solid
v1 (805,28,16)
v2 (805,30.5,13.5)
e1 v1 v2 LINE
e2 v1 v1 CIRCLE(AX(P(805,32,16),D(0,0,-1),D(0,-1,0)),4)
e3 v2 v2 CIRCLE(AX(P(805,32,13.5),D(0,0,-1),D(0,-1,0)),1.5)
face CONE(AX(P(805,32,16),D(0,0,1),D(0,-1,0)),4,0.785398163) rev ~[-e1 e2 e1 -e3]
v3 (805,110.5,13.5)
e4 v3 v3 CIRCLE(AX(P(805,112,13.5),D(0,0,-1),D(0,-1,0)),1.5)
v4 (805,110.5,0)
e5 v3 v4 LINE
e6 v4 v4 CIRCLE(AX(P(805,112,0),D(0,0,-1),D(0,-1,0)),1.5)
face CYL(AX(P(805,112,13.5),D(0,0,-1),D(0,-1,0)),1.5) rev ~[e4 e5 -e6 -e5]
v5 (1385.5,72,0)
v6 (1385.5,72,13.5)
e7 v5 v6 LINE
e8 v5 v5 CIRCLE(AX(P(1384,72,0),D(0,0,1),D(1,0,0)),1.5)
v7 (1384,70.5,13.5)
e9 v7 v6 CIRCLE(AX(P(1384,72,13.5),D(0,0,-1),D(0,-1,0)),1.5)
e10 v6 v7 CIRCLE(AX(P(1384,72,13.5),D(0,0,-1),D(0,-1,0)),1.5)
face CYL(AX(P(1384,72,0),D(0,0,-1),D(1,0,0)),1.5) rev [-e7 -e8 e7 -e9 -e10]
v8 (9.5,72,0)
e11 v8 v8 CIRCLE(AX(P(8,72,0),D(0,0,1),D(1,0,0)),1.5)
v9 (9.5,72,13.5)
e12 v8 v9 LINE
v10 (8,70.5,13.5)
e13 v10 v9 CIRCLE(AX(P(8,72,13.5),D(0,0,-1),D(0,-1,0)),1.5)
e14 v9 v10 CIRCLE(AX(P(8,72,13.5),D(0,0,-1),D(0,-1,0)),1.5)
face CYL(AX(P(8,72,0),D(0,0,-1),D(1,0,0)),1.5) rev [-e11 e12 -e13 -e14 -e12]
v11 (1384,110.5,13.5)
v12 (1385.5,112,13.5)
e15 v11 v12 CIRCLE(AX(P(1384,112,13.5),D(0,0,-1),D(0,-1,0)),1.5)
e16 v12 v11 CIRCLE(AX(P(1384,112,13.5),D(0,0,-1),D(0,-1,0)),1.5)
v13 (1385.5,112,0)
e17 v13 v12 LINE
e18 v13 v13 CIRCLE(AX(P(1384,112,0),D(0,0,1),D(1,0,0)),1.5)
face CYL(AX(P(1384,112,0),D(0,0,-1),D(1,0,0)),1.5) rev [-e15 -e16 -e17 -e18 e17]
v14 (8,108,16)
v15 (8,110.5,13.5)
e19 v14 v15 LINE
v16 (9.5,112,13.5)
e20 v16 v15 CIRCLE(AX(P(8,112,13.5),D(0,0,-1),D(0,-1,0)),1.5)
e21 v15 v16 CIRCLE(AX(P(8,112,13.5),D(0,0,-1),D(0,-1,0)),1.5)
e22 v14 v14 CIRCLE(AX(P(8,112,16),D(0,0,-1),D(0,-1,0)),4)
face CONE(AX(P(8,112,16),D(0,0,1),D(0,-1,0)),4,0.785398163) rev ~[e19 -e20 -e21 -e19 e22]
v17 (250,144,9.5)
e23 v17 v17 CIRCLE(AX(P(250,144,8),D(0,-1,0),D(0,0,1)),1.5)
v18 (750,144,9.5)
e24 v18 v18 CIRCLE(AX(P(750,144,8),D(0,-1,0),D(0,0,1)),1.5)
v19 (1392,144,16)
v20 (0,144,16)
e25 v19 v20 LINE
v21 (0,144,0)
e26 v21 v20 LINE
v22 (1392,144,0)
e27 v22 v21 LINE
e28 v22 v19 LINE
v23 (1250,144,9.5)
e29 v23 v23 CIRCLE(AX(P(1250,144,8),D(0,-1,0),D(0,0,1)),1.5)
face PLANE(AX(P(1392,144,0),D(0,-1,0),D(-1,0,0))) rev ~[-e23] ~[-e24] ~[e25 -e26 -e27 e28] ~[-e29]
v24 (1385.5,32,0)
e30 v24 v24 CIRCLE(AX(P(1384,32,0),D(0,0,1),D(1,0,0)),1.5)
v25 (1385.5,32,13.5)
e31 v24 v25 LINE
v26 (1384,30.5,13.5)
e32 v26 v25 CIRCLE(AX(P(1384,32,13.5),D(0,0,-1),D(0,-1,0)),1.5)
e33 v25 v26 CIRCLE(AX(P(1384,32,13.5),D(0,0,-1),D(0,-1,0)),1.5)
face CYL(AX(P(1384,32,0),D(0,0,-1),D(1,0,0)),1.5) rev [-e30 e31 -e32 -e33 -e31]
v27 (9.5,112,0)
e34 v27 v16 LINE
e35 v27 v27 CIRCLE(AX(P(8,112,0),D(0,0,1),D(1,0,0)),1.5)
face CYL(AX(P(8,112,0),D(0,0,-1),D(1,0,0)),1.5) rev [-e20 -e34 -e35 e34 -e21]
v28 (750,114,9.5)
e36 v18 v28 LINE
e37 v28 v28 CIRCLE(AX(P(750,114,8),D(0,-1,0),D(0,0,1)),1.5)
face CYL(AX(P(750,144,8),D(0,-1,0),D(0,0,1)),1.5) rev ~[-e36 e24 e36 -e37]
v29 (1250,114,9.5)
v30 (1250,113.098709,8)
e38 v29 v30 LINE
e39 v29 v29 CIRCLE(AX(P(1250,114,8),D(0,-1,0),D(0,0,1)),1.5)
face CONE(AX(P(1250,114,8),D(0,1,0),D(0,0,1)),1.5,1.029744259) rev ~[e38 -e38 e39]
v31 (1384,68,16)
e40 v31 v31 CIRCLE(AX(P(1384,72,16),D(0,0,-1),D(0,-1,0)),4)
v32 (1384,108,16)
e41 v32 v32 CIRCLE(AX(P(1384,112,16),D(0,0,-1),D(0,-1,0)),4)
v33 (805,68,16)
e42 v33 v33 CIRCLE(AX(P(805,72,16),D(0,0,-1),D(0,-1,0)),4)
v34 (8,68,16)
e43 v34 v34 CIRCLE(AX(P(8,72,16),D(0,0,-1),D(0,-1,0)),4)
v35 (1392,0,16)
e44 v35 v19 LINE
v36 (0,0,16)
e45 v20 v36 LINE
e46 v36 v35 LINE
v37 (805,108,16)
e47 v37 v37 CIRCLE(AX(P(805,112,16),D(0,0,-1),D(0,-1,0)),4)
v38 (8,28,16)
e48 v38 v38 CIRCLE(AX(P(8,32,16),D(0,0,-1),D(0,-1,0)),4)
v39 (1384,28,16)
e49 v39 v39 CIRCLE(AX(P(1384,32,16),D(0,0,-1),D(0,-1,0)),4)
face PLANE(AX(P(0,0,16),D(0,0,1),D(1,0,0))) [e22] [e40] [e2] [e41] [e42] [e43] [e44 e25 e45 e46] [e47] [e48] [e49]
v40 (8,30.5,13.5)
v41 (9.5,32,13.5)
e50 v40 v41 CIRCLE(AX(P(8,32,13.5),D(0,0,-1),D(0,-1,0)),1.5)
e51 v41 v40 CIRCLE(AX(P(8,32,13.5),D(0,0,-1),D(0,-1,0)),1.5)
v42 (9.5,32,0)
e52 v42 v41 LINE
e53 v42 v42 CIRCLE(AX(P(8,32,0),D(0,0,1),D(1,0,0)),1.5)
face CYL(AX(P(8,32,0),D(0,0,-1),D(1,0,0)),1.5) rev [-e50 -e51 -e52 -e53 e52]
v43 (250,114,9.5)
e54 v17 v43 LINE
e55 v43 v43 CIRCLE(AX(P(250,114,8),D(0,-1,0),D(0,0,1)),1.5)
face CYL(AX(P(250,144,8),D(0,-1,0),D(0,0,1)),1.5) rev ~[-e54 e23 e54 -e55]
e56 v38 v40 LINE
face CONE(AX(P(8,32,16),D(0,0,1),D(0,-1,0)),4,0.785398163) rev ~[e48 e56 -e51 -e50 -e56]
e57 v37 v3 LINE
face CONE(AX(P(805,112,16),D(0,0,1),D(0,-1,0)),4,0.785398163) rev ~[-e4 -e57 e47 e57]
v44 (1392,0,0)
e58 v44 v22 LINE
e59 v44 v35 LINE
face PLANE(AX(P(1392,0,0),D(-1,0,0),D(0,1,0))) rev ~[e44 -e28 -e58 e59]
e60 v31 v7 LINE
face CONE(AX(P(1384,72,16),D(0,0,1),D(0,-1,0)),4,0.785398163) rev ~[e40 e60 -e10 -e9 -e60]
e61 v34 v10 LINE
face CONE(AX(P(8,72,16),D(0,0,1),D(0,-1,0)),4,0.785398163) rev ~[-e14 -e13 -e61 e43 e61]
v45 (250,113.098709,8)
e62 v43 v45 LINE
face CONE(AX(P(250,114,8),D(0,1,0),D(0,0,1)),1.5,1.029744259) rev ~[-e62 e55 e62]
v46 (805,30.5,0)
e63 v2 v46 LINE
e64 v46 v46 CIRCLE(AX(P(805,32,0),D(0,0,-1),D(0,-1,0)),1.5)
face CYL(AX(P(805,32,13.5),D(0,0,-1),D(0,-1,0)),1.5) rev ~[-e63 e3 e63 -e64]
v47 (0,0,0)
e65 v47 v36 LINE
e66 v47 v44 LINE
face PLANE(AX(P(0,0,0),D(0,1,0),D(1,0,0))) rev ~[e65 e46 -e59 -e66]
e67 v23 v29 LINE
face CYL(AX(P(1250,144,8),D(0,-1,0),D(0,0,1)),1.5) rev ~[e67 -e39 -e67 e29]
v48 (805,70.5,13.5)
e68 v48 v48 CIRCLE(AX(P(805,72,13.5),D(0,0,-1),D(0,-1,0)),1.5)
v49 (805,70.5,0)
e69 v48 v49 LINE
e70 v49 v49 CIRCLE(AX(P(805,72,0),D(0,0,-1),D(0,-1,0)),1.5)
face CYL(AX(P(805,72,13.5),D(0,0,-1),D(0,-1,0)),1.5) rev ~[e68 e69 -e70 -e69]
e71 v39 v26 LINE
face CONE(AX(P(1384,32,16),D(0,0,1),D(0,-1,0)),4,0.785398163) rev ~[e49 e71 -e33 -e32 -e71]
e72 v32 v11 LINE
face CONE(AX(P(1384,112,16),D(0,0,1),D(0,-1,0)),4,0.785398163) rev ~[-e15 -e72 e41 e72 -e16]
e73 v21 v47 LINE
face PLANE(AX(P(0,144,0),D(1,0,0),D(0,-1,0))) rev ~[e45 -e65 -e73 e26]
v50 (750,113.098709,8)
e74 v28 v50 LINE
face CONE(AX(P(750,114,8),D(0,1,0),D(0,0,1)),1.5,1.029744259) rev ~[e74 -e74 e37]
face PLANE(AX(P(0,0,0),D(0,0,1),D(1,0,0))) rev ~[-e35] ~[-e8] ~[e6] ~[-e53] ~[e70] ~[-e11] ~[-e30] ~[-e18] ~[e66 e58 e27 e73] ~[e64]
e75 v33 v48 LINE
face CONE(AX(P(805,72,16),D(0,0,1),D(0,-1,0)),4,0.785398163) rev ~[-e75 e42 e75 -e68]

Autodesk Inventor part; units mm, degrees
ref_plane "YZ Plane" through (0, 0, 0) normal (1, 0, 0) x (0, 1, 0)
ref_plane "XZ Plane" through (0, 0, 0) normal (0, 1, 0) x (-1, 0, 0)
ref_plane "XY Plane" through (0, 0, 0) normal (0, 0, 1) x (1, 0, 0)
sketch "Skizze1" plane through (0, 0, 0) normal (0, 0, 1) x (1, 0, 0)
  line L0 (0, 0) -> (1392, 0)
  line L1 (1392, 0) -> (1392, 144)
  line L2 (1392, 144) -> (0, 144)
  line L3 (0, 144) -> (0, 0)
  line L4 (1384, 144) -> (1384, 0) construction
  line L5 (1392, 112) -> (0, 112) construction
  line L6 (1392, 32) -> (0, 32) construction
  circle A0 centre (1384, 112) radius 1.5
  circle A1 centre (1384, 32) radius 1.5
  line L7 (8, 144) -> (8, 0) construction
  circle A2 centre (8, 112) radius 1.5
  circle A3 centre (8, 72) radius 1.5
  circle A4 centre (8, 32) radius 1.5
  circle A5 centre (1384, 72) radius 1.5
  circle A6 centre (805, 112) radius 1.5
  circle A7 centre (805, 72) radius 1.5
  circle A8 centre (805, 32) radius 1.5
  line L8 (805, 144) -> (805, 0) construction
  point P0 (1392, 72)
  point P1 (805, 72)
  dimension "d0" = 1392
  dimension "d1" = 144
  dimension "d20" = 8
  dimension "d21" = 40
  dimension "d22" = 40
  dimension "d23" = 3
  dimension "d24" = 3
  dimension "d25" = 8
  dimension "d26" = 3
  dimension "d27" = 3
  dimension "d28" = 3
  dimension "d29" = 3
  dimension "d131" = 3
  dimension "d132" = 3
  dimension "d133" = 3
  dimension "d134" = 805
extrude "Extrusion1" add sketch "Skizze1" along normal blind 16 contours L3 L2 L1 L0 | A6 | A7 | A8
sketch "Skizze2" plane through (0, 0, 16) normal (0, 0, 1) x (1, 0, 0)
  circle A0 centre (1384, 112) radius 1.5 projected
  circle A1 centre (1384, 72) radius 1.5 projected
  circle A2 centre (1384, 32) radius 1.5 projected
  circle A3 centre (8, 72) radius 1.5 projected
  circle A4 centre (8, 112) radius 1.5 projected
  circle A5 centre (8, 32) radius 1.5 projected
  circle A6 centre (805, 32) radius 1.5 projected
  circle A7 centre (805, 112) radius 1.5 projected
  circle A8 centre (805, 72) radius 1.5 projected
  point P0 (0, 0)
  point P1 (805, 72)
  point P2 (821.0338, 32)
  point P3 (821.0338, 72)
hole "Bohrung7" at (1384, 112, 16) at (1384, 72, 16) at (1384, 32, 16) at (8, 72, 16) at (8, 32, 16) at (8, 112, 16) at (805, 32, 16) at (805, 112, 16) at (805, 72, 16) at (805, 112, 16) at (805, 32, 16) at (805, 72, 16) at (805, 112, 16) direction (0, 0, -1) diameter 3 end through all countersink diameter 8 countersink angle 90
sketch "Skizze3" plane through (0, 144, 0) normal (0, 1, 0) x (1, 0, 0)
  line L0 (0, 0) -> (1392, 0) construction
  line L1 (1392, 0) -> (1392, -16) construction
  line L2 (1392, -16) -> (0, -16) construction
  line L3 (0, -16) -> (0, 0) construction
  line L4 (0, 0) -> (0, -16) projected
  line L5 (0, -8) -> (1392, -8) construction
  line L6 (1392, 0) -> (1392, -16) projected
  line L7 (0, -16) -> (1392, -16) construction
  line L8 (696, -16) -> (696, 0) construction
  point P0 (250, -8)
  point P1 (750, -8)
  point P2 (1250, -8)
  dimension "d135" = 500
  dimension "d136" = 500
  dimension "d137" = 250
hole "Bohrung12" at (250, 144, 8) at (750, 144, 8) at (1250, 144, 8) direction (0, -1, 0) diameter 3 depth 30 tip angle 118
properties part number "licht_200_back1"
